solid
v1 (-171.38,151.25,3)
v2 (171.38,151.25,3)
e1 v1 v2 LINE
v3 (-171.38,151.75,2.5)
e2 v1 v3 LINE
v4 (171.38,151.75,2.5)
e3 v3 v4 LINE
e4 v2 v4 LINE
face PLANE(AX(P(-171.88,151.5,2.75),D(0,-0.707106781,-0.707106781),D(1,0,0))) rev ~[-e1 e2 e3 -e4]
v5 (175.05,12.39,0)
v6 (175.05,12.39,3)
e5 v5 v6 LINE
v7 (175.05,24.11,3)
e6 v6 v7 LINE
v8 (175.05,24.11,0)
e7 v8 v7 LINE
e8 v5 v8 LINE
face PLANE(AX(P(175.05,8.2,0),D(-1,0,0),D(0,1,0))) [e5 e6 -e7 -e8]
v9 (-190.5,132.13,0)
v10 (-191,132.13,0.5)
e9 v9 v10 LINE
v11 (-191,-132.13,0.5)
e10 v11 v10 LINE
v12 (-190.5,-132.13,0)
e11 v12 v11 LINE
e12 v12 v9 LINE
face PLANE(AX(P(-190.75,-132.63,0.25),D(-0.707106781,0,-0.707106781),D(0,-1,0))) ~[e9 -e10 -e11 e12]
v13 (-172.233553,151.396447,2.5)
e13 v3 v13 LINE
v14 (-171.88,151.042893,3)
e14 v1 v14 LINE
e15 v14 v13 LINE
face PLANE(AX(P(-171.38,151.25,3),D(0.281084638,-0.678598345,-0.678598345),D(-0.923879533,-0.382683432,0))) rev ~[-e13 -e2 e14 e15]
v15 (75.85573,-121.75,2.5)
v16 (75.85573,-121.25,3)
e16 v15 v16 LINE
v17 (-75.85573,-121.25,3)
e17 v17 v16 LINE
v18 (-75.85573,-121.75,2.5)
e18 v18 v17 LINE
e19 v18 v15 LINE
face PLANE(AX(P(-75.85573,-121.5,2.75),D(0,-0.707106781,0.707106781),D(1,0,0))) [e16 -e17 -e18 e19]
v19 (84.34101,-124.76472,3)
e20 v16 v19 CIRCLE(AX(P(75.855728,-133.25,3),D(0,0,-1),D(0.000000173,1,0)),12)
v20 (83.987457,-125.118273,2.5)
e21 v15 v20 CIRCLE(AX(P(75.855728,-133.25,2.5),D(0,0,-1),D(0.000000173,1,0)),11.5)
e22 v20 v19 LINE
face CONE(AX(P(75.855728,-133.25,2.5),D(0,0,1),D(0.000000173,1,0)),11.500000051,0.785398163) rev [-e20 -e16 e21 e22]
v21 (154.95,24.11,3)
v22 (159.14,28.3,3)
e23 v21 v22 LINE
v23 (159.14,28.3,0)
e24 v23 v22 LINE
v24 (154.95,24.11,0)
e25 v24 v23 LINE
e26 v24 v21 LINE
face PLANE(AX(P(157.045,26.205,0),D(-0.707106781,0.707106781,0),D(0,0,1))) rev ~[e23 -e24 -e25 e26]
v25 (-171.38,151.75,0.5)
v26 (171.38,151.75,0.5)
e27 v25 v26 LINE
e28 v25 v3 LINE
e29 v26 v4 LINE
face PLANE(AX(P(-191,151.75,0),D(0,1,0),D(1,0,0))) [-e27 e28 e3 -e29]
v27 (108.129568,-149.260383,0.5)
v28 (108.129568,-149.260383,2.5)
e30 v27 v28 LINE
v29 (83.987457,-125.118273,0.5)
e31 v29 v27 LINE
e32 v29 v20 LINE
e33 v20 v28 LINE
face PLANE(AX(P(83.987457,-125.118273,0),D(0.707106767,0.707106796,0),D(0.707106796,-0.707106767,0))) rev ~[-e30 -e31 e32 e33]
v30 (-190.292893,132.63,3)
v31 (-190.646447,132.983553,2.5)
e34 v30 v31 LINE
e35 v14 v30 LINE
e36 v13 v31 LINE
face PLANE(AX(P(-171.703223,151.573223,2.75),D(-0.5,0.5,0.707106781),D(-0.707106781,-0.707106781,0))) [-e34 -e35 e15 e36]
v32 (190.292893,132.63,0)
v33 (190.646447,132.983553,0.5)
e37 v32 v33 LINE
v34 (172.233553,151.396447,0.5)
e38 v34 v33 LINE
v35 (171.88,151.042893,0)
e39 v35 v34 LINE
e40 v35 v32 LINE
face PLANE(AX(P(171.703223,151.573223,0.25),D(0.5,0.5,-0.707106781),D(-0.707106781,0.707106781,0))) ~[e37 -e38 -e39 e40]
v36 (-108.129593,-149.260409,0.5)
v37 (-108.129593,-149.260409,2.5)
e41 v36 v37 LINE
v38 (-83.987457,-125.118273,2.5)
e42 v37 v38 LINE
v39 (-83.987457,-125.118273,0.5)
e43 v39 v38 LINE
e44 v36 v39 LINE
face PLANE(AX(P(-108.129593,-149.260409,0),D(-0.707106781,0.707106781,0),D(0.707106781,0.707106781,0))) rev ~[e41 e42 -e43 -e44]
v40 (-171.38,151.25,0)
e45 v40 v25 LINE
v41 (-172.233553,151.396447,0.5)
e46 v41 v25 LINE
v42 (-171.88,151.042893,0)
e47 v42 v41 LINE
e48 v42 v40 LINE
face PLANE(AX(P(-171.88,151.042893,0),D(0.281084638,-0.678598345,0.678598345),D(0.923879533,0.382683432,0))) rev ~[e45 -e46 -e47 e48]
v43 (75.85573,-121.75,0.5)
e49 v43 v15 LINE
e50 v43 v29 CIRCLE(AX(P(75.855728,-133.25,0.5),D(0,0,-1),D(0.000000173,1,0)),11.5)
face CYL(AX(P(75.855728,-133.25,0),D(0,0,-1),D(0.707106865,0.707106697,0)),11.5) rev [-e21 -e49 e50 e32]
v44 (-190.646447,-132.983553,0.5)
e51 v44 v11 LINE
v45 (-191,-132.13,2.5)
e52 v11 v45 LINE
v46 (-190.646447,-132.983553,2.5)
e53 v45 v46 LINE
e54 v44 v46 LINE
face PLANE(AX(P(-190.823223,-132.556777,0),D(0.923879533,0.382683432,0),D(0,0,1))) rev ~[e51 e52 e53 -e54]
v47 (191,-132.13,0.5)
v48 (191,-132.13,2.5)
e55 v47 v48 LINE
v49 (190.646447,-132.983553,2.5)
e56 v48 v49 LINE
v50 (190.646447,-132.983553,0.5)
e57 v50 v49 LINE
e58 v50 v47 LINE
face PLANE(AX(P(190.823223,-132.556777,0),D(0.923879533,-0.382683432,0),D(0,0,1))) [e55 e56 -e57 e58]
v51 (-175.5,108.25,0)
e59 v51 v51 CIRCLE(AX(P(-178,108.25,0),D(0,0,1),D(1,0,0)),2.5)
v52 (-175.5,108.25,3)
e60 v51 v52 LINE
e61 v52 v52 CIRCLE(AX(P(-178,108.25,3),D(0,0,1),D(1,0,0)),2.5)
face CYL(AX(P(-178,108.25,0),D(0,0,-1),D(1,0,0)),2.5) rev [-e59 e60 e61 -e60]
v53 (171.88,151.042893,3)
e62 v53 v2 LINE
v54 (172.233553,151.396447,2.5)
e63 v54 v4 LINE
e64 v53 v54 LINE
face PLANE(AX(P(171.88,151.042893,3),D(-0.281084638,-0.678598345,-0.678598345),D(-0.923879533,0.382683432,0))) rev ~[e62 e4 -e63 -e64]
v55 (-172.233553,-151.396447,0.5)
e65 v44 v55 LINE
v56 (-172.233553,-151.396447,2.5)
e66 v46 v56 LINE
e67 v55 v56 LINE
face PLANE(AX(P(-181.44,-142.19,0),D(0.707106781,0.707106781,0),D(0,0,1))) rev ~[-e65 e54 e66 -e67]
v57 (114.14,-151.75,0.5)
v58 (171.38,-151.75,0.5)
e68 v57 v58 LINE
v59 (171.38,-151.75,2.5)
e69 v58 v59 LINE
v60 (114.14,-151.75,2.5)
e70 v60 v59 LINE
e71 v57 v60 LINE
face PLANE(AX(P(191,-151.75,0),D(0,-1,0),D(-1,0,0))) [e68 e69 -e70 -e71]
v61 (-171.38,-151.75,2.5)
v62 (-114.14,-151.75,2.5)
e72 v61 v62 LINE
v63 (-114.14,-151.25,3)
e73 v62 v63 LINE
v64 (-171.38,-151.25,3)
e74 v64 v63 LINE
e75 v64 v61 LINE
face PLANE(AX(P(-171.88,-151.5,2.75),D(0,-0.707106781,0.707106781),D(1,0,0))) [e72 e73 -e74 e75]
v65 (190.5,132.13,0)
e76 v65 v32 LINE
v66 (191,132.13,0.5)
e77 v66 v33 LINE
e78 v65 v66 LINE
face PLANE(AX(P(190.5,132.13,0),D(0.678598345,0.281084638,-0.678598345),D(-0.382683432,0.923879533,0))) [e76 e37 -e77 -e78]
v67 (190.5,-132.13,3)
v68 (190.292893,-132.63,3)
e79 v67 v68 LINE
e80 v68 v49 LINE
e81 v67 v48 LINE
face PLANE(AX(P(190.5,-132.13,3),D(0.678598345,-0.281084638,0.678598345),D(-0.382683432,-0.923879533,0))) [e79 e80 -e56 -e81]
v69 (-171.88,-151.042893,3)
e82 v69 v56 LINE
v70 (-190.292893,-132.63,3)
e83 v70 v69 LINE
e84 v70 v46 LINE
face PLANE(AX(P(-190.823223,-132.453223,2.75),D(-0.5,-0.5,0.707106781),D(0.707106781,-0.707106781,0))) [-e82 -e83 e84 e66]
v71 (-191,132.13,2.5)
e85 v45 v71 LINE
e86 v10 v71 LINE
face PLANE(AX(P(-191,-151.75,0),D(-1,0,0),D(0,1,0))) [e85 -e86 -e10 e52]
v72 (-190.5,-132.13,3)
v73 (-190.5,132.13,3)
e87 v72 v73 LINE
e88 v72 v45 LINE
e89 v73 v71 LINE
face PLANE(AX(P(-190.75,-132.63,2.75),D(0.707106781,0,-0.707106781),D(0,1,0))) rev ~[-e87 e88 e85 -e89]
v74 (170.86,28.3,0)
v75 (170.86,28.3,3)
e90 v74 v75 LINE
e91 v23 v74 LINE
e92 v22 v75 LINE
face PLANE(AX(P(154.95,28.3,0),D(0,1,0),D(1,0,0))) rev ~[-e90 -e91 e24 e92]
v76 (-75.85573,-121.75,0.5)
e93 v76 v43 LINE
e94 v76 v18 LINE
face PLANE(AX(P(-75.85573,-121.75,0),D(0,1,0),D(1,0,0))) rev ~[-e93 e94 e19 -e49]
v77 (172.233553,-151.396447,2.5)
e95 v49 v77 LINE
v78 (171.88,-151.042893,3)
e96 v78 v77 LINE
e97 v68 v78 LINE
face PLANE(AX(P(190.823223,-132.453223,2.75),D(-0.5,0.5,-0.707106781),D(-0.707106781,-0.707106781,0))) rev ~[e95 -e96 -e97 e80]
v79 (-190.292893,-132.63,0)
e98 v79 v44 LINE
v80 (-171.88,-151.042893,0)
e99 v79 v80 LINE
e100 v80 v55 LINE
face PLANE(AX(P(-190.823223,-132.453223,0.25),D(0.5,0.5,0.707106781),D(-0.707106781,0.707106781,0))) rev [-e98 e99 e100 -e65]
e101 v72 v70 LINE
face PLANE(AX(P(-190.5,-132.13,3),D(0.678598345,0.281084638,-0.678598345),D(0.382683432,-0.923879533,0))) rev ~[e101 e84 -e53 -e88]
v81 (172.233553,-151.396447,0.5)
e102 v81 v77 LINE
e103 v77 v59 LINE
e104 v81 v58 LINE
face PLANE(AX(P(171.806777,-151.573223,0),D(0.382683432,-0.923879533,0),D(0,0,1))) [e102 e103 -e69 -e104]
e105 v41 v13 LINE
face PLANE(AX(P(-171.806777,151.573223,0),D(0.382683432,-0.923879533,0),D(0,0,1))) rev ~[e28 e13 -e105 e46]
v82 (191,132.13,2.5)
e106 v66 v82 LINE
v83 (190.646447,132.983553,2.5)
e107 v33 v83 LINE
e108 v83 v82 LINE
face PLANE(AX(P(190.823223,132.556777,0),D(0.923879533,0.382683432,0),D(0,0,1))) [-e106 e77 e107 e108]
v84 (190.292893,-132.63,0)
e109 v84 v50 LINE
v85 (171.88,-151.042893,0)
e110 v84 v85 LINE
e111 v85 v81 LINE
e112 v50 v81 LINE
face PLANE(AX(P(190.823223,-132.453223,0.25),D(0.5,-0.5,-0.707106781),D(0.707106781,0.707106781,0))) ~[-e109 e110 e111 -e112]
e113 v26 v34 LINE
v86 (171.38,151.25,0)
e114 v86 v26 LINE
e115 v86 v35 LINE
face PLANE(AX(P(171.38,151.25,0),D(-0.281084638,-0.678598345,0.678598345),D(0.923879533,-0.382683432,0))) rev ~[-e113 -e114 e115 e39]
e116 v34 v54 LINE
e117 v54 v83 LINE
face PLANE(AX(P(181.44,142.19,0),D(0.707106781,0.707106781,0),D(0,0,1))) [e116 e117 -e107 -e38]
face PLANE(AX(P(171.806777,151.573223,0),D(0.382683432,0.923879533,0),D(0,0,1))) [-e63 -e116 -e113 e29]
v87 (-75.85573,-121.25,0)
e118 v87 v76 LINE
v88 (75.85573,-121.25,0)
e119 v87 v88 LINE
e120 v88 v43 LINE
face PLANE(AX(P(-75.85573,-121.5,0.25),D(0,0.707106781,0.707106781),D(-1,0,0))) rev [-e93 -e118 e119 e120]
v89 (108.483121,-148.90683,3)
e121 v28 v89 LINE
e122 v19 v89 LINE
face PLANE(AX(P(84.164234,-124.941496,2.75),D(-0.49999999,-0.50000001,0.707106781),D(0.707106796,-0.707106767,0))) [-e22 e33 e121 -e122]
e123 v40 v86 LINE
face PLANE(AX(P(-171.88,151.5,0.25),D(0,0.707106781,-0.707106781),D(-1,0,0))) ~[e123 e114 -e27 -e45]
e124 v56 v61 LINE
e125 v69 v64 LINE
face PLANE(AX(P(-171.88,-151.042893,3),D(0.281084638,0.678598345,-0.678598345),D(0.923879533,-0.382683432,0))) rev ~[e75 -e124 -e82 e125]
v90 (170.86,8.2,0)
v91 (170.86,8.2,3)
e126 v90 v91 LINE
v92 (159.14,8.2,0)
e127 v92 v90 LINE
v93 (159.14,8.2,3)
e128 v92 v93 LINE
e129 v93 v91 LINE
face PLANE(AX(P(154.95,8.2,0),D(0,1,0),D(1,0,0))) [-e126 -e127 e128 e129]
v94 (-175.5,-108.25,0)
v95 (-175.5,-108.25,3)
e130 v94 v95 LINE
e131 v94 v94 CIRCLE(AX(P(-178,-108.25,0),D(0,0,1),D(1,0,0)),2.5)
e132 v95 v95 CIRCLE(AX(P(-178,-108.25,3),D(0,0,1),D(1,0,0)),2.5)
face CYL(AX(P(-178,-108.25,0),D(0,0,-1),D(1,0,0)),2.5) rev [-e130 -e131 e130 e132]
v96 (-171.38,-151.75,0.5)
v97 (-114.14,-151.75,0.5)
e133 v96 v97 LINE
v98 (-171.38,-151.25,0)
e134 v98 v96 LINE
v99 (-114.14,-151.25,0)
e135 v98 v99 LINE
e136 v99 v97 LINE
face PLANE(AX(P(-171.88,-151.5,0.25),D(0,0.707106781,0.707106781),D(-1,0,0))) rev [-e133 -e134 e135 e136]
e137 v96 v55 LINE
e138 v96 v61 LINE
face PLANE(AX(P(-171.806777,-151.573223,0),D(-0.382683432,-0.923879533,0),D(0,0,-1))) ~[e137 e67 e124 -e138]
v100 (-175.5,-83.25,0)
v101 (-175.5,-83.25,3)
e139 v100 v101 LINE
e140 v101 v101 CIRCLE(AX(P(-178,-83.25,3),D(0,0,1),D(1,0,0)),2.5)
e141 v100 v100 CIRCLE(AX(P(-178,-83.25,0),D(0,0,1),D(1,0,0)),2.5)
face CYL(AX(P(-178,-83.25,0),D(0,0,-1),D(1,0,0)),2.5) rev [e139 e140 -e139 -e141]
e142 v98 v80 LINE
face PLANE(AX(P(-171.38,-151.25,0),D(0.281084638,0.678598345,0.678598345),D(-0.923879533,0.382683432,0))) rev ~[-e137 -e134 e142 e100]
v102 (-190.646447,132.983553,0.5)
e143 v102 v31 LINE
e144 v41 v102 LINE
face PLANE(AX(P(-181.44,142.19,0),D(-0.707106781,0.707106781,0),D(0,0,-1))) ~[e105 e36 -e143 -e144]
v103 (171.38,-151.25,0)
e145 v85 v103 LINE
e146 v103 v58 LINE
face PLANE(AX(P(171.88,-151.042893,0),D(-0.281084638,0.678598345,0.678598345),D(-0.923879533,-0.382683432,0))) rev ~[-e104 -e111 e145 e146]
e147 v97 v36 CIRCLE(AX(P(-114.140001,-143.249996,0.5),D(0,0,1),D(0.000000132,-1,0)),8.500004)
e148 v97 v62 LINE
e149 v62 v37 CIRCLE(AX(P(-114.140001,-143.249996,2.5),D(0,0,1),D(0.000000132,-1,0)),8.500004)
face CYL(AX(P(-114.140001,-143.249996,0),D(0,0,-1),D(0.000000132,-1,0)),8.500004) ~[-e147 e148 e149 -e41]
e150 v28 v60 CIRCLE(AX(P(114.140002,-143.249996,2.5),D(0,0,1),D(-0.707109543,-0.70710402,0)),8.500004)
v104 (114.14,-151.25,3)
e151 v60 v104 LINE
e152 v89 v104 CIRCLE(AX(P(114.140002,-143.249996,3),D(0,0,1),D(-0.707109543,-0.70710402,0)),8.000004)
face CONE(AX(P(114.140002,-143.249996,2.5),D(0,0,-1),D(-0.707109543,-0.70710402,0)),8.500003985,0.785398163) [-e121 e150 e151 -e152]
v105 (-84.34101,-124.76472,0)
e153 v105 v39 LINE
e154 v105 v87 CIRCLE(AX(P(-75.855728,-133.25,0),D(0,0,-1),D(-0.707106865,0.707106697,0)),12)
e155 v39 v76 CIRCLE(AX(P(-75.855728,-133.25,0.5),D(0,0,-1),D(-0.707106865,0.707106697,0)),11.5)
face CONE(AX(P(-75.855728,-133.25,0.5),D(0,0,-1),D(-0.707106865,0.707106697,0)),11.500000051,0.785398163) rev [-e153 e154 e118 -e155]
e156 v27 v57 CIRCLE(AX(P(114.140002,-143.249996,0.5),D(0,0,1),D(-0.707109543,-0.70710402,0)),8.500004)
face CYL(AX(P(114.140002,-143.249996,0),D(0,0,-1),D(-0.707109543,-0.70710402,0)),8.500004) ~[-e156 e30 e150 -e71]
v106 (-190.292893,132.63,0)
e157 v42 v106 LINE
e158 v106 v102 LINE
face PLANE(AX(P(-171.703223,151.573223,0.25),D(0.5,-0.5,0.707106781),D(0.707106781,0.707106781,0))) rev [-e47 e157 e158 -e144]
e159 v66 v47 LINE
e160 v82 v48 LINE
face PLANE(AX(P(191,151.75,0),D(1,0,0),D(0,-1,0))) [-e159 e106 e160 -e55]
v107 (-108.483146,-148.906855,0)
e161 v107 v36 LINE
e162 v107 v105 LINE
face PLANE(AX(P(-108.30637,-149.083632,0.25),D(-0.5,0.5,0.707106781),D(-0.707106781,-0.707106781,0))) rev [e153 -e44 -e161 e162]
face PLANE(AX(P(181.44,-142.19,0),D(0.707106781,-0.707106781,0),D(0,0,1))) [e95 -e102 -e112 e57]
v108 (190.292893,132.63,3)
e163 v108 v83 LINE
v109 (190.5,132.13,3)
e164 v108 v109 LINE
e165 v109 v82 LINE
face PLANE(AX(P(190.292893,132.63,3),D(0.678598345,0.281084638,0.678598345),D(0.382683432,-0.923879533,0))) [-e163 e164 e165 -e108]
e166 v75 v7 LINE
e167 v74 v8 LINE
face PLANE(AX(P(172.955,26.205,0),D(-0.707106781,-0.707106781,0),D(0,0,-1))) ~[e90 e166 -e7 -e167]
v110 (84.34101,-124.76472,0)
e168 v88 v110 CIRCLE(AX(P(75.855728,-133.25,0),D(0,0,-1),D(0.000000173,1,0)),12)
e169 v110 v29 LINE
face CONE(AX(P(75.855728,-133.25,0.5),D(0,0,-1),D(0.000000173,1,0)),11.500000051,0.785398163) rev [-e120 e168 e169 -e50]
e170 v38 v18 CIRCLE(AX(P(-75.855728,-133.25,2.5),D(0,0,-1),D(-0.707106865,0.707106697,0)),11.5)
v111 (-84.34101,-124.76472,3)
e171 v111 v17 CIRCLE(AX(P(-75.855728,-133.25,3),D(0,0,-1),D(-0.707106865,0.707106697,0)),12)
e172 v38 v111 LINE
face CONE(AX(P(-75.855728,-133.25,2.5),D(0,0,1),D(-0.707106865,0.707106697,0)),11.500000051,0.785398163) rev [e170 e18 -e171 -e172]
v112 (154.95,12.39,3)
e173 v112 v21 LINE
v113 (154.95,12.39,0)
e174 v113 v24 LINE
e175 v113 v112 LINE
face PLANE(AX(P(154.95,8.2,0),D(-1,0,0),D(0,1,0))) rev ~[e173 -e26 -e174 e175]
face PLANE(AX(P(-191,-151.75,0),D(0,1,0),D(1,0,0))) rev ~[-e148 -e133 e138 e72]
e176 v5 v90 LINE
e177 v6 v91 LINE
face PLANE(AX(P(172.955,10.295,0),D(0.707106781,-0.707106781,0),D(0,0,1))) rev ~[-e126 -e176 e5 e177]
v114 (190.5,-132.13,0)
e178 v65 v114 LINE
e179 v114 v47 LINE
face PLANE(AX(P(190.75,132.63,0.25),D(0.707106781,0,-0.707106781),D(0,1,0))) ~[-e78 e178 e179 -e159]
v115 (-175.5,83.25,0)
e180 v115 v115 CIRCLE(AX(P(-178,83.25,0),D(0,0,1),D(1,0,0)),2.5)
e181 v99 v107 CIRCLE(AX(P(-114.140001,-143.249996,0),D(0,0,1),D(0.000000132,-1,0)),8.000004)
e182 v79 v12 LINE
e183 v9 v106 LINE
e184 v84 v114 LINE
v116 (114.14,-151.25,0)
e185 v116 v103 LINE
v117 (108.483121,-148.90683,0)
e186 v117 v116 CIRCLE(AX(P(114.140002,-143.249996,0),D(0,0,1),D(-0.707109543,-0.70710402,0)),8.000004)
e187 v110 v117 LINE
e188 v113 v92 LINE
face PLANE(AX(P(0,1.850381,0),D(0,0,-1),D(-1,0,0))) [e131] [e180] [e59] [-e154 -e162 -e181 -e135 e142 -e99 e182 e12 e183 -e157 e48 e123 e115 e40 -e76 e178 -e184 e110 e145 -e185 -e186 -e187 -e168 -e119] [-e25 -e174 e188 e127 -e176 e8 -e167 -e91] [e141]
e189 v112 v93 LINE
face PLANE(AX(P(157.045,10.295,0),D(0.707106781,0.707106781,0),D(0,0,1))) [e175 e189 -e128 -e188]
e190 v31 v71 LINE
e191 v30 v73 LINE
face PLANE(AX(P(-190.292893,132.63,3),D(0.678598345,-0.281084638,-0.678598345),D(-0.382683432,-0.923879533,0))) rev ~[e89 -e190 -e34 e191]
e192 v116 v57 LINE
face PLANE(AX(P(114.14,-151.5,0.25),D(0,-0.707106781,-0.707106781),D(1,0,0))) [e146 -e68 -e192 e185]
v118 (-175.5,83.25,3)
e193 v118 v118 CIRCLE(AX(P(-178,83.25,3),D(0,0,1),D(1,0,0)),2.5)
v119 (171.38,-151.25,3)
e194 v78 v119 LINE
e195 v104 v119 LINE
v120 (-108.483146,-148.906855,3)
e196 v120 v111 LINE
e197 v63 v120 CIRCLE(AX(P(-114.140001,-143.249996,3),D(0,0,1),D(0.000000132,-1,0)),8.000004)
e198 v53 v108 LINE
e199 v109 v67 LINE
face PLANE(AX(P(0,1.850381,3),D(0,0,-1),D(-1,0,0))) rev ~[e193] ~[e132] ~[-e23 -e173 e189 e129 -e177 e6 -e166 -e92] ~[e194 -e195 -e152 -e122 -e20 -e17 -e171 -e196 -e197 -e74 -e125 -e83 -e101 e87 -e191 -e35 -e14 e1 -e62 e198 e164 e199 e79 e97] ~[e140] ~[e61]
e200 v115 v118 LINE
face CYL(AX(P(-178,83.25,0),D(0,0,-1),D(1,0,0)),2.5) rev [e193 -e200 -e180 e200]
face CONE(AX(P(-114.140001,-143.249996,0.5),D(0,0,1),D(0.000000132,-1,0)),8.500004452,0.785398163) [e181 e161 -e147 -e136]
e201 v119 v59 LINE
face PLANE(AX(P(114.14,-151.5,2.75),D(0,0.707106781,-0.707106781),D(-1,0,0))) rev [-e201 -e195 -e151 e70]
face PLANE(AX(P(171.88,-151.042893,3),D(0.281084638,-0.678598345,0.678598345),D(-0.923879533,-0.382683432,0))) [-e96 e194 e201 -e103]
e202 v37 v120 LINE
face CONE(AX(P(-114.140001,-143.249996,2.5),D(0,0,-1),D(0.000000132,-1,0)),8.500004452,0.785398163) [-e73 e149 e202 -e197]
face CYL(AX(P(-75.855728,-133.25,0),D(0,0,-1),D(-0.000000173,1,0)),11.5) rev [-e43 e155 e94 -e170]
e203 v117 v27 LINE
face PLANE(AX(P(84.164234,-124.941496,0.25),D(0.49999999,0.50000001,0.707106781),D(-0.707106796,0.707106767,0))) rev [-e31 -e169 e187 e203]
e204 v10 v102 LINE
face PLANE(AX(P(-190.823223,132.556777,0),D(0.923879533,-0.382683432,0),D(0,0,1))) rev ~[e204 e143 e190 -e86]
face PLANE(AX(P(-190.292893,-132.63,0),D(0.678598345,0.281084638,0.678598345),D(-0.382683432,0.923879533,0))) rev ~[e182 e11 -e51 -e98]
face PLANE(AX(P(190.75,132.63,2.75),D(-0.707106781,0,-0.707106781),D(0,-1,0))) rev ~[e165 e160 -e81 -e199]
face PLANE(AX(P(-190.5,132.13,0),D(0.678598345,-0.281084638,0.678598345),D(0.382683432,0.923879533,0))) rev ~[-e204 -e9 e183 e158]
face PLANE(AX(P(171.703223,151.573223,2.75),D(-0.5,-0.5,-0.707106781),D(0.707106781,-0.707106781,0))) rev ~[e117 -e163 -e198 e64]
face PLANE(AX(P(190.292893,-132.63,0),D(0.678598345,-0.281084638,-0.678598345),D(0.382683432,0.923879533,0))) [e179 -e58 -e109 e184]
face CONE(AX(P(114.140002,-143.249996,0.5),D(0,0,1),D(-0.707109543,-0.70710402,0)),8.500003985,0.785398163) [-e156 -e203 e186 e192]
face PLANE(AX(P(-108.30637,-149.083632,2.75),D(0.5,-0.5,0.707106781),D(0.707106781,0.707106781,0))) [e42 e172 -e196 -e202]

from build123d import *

# Parameters (mm, degrees)
SKETCH_R        = 2.5
SKETCH_W        = 20.1
SKETCH_H        = 20.1
PAD_DEPTH       = 3
CHAMFER_SIZE    = 19.12
CHAMFER001_SIZE = 4.19
CHAMFER002_SIZE = 0.5


with BuildPart() as part:
    # Sketch → Pad (new body)
    with BuildSketch(Plane.XY):
        with BuildLine():
            Line((-191, 151.75), (191, 151.75))
            Line((191, 151.75), (191, -151.75))
            Line((191, -151.75), (114.14, -151.75))
            ThreePointArc((108.129568, -149.260383), (110.887175, -151.102969), (114.14, -151.75))
            Line((83.987457, -125.118273), (108.129568, -149.260383))
            ThreePointArc((83.987457, -125.118273), (80.256589, -122.625386), (75.85573, -121.75))
            Line((-75.85573, -121.75), (75.85573, -121.75))
            ThreePointArc((-75.85573, -121.75), (-80.256589, -122.625386), (-83.987457, -125.118273))
            Line((-108.129593, -149.260409), (-83.987457, -125.118273))
            ThreePointArc((-114.14, -151.75), (-110.887191, -151.102976), (-108.129593, -149.260409))
            Line((-191, -151.75), (-114.14, -151.75))
            Line((-191, -151.75), (-191, 151.75))
        make_face()
        with Locations((-178, 108.25)):
            Circle(SKETCH_R, mode=Mode.SUBTRACT)
        with Locations((-178, 83.25)):
            Circle(SKETCH_R, mode=Mode.SUBTRACT)
        with Locations((-178, -83.25)):
            Circle(SKETCH_R, mode=Mode.SUBTRACT)
        with Locations((-178, -108.25)):
            Circle(SKETCH_R, mode=Mode.SUBTRACT)
        with Locations((165, 18.25)):
            Rectangle(SKETCH_W, SKETCH_H, mode=Mode.SUBTRACT)
    extrude(amount=PAD_DEPTH)

    # Chamfer
    chamfer_edges = [part.edges().sort_by_distance(p)[0] for p in [
        (-191, -151.75, 1.5),
        (191, -151.75, 1.5),
        (191, 151.75, 1.5),
        (-191, 151.75, 1.5),
    ]]
    chamfer(chamfer_edges, length=CHAMFER_SIZE)

    # Chamfer001
    chamfer001_edges = [part.edges().sort_by_distance(p)[0] for p in [
        (175.05, 28.3, 1.5),
        (154.95, 28.3, 1.5),
        (154.95, 8.2, 1.5),
        (175.05, 8.2, 1.5),
    ]]
    chamfer(chamfer001_edges, length=CHAMFER001_SIZE)

    # Chamfer002
    chamfer002_edges = [part.edges().sort_by_distance(p)[0] for p in [
        (181.44, 142.19, 0),
        (171.88, 151.75, 1.5),
        (191, 132.63, 1.5),
        (181.44, 142.19, 3),
        (191, 0, 0),
        (191, -132.63, 1.5),
        (191, 0, 3),
        (0, 151.75, 0),
        (-171.88, 151.75, 1.5),
        (0, 151.75, 3),
        (-181.44, 142.19, 0),
        (-191, 132.63, 1.5),
        (-181.44, 142.19, 3),
        (-191, 0, 0),
        (-191, -132.63, 1.5),
        (-191, 0, 3),
        (-181.44, -142.19, 0),
        (-171.88, -151.75, 1.5),
        (-181.44, -142.19, 3),
        (-143.01, -151.75, 0),
        (-143.01, -151.75, 3),
        (-110.887191, -151.102976, 0),
        (-110.887191, -151.102976, 3),
        (-96.058525, -137.189341, 0),
        (-96.058525, -137.189341, 3),
        (-80.256589, -122.625386, 0),
        (-80.256589, -122.625386, 3),
        (0, -121.75, 0),
        (0, -121.75, 3),
        (80.256589, -122.625386, 0),
        (80.256589, -122.625386, 3),
        (96.058513, -137.189328, 0),
        (96.058513, -137.189328, 3),
        (110.887175, -151.102969, 0),
        (110.887175, -151.102969, 3),
        (143.01, -151.75, 0),
        (171.88, -151.75, 1.5),
        (143.01, -151.75, 3),
        (181.44, -142.19, 0),
        (181.44, -142.19, 3),
    ]]
    chamfer(chamfer002_edges, length=CHAMFER002_SIZE)


solid = part.part
